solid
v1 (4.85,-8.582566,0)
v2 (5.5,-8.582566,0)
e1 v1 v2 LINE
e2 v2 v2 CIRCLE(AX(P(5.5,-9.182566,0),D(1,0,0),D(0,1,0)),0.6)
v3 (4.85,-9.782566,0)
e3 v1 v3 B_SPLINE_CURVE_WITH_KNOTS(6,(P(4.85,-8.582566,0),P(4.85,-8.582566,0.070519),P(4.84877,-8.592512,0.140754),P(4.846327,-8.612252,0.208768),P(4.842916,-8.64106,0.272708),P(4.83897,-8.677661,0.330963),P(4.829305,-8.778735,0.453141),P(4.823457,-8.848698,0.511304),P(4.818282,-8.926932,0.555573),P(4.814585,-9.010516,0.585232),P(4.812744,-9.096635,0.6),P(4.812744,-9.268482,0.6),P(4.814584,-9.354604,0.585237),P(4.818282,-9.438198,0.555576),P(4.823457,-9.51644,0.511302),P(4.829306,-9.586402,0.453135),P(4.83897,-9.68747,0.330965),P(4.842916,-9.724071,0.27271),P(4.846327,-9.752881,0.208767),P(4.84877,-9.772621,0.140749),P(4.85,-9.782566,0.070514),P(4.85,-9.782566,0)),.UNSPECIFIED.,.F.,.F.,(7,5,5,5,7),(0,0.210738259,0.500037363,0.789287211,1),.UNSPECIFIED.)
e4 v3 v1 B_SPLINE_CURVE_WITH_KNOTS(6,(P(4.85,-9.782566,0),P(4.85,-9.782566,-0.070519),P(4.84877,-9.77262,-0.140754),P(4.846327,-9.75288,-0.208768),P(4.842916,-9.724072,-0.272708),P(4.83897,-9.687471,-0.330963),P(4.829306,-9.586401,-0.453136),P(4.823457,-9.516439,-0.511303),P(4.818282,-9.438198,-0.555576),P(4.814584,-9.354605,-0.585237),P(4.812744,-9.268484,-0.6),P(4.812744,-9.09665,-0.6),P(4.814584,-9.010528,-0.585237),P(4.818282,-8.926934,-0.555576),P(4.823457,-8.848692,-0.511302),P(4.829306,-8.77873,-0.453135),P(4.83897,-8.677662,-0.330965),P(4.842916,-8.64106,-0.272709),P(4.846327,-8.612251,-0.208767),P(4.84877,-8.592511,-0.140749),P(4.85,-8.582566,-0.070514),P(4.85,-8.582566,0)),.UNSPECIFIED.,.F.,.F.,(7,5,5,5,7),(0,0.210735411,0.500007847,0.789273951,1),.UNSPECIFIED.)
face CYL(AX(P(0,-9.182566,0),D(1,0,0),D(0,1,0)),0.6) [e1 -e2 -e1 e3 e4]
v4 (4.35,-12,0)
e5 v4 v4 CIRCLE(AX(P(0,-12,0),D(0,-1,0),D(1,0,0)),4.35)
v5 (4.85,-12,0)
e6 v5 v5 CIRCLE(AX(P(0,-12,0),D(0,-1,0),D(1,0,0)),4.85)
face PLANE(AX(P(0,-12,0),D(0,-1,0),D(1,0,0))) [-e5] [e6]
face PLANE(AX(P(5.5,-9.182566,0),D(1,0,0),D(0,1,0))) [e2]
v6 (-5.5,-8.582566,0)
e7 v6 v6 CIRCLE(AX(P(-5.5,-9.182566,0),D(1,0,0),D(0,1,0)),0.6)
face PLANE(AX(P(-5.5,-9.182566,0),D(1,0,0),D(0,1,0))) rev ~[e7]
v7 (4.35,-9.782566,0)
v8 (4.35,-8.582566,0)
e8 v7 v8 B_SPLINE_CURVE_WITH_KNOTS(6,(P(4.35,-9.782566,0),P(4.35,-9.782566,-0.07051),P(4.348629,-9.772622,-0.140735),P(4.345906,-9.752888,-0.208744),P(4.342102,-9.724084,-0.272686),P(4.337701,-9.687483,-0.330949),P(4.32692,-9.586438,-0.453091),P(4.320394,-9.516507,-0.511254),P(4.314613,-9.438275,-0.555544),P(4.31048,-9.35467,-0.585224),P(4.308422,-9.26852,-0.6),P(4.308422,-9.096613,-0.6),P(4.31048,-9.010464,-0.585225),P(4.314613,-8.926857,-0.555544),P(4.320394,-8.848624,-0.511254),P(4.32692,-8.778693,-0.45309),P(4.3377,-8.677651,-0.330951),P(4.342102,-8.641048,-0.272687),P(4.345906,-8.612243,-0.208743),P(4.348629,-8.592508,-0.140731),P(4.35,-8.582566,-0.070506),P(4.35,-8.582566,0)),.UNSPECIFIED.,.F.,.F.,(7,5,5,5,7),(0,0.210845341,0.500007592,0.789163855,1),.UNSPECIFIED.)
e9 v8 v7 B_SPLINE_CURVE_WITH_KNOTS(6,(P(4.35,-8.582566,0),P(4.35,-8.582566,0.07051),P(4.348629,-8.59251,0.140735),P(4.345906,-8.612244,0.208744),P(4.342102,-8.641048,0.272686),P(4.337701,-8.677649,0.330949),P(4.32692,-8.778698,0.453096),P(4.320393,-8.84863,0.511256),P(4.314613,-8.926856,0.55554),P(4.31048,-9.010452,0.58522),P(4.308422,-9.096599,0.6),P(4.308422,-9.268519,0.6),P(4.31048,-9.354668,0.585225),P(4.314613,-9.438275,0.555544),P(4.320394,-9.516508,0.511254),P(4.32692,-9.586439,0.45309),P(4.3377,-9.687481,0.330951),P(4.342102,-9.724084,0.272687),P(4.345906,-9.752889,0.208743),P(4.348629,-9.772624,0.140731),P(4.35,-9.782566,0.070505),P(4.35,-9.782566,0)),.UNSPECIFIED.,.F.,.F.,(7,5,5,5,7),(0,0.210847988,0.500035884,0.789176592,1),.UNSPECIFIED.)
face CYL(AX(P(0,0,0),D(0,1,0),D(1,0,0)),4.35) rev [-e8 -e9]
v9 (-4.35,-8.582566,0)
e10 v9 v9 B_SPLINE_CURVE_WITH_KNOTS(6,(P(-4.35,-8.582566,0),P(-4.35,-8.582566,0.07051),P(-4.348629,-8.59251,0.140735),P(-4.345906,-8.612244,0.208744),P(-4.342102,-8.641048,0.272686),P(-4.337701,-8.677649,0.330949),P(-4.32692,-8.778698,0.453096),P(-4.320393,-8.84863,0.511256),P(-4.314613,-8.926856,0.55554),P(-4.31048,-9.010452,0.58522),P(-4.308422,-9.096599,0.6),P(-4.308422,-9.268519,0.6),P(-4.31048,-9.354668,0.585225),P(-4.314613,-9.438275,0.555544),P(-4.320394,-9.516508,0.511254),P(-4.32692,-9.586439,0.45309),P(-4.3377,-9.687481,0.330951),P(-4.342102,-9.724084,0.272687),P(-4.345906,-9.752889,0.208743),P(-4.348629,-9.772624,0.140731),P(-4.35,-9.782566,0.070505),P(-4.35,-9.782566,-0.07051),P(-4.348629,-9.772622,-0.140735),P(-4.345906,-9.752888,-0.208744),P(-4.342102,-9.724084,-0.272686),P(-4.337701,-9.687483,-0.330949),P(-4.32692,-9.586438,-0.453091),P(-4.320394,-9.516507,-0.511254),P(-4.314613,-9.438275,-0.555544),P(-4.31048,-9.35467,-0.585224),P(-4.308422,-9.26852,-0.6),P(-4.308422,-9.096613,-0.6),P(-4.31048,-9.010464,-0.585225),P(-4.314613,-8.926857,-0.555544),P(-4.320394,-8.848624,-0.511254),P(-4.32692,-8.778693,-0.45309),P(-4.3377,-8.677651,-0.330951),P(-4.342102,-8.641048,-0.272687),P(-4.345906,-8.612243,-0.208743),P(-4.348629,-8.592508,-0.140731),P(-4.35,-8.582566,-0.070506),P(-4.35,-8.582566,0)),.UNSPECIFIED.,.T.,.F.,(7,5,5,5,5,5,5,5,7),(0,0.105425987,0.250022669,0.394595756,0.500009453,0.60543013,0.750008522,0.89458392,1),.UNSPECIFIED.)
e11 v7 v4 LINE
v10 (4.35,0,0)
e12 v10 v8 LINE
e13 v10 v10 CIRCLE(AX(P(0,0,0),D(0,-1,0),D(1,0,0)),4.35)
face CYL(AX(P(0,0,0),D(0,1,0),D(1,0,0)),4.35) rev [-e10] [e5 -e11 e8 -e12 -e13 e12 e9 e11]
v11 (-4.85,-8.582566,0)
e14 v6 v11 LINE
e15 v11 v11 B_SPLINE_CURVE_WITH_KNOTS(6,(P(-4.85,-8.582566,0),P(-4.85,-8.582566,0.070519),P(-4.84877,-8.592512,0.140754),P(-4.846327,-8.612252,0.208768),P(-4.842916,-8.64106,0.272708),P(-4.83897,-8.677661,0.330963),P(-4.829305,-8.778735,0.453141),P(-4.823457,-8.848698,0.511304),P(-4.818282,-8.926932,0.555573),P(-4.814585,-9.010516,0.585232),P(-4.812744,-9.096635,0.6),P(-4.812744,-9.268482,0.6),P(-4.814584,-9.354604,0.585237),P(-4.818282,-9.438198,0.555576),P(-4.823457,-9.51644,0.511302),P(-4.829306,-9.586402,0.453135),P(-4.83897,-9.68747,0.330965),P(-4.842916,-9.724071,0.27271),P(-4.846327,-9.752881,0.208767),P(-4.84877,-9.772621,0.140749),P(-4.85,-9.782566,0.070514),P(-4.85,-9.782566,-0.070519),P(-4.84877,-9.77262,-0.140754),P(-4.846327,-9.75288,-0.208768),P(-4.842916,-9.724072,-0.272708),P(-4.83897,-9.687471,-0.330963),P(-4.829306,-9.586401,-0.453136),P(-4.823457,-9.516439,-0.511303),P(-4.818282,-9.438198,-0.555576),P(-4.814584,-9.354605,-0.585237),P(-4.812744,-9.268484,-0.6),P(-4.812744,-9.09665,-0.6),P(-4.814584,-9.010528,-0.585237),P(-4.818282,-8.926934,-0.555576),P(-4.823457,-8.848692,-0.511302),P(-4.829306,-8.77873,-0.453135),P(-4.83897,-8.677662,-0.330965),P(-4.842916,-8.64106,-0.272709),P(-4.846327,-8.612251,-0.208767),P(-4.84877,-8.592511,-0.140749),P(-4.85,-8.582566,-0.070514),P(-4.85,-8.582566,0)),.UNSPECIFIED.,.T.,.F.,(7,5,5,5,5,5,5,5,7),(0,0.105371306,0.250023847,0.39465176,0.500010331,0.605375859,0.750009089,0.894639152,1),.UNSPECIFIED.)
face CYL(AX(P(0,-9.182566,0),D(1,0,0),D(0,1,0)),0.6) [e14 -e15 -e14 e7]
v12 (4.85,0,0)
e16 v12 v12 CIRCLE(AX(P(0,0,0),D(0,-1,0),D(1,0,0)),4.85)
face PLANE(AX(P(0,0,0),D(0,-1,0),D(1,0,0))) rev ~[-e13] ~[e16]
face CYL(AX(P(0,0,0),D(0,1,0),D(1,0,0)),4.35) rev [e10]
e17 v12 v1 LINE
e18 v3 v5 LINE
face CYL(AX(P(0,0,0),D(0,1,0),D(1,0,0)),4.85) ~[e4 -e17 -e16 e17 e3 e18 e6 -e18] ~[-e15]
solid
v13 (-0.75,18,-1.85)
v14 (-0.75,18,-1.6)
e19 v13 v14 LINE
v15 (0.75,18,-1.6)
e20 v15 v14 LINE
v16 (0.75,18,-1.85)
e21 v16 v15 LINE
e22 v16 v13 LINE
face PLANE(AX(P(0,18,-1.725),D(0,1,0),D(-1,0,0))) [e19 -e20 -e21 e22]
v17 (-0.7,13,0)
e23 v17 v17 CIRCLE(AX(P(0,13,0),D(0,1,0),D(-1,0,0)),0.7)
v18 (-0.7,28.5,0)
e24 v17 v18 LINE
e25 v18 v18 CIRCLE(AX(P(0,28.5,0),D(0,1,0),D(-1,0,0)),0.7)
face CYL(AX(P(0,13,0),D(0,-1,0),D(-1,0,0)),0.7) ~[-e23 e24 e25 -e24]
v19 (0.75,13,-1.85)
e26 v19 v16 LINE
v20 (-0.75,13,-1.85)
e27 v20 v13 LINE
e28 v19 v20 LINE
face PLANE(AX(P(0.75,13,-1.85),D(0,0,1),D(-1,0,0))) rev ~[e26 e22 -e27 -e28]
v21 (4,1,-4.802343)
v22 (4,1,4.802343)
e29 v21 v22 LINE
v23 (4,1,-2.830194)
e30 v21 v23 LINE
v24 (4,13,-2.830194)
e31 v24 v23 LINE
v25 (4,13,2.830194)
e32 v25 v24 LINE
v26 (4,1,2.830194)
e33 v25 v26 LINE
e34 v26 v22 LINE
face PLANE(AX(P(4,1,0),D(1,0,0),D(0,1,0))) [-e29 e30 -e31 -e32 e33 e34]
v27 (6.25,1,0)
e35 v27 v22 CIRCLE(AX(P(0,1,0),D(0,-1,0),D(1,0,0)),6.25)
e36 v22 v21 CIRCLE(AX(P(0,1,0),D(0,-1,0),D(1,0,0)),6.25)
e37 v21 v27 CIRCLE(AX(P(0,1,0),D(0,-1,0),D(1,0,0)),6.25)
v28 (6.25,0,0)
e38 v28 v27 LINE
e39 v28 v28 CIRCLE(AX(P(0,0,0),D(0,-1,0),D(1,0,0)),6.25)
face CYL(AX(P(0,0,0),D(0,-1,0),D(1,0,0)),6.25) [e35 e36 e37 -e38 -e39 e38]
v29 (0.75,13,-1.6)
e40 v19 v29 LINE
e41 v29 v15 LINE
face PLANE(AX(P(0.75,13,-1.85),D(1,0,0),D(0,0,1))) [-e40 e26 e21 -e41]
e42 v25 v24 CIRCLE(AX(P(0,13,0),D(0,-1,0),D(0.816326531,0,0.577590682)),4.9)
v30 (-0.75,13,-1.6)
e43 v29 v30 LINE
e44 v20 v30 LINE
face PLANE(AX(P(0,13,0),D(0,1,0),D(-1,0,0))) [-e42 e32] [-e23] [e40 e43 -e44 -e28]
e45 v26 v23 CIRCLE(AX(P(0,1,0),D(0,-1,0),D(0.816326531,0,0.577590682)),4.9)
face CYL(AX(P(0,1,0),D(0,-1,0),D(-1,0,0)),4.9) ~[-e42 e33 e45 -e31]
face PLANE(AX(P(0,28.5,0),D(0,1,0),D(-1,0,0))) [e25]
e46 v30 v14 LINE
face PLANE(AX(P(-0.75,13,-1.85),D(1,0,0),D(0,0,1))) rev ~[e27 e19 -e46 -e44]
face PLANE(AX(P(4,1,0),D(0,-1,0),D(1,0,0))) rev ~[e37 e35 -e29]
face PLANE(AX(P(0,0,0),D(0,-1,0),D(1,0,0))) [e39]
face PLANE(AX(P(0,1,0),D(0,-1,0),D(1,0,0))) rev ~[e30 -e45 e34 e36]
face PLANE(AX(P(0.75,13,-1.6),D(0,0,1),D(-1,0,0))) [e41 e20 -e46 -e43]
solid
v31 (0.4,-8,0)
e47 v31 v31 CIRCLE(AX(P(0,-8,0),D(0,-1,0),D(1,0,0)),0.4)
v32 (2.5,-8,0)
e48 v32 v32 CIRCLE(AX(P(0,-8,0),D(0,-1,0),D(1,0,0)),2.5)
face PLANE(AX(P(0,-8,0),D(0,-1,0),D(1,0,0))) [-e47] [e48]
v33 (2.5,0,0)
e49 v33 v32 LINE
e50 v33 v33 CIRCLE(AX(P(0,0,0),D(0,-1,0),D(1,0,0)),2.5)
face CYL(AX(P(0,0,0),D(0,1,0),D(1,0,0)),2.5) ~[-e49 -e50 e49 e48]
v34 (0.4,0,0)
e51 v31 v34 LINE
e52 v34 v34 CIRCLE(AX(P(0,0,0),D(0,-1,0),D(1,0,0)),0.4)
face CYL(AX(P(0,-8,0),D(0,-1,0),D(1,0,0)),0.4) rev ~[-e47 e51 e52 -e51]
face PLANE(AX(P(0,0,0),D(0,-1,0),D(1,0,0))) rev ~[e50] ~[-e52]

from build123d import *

# Parameters (mm, degrees)
F0_R      = 4.85
F0_R_2    = 4.35
F1_DEPTH  = 12
F2_R      = 0.6
F3_DEPTH  = 5.5
F4_R      = 4.35
F5_DEPTH  = 25
F6_R      = 2.5
F7_DEPTH  = 8
F8_R      = 0.4
F9_DEPTH  = 25
F10_R     = 6.25
F11_DEPTH = 1
F12_R     = 4.9
F13_DEPTH = 12
F14_R     = 0.7
F15_DEPTH = 15.5
F16_W     = 1.5
F16_H     = 0.25
F17_DEPTH = 5
F18_W     = 3.95316
F18_H     = 14.420373
F19_DEPTH = 12.5


with BuildPart() as f1:
    # F0 (on Front) → F1 (new body)
    with BuildSketch(Plane.XZ):
        Circle(F0_R)
        Circle(F0_R_2, mode=Mode.SUBTRACT)
    extrude(amount=F1_DEPTH)

    # F2 (on Right) → F3 (join, symmetric)
    with BuildSketch(Plane.YZ):
        with Locations((-9.182566, 0)):
            Circle(F2_R)
    extrude(amount=F3_DEPTH, both=True)

    # F4 (on Front) → F5 (cut)
    with BuildSketch(Plane.XZ):
        Circle(F4_R)
    extrude(amount=F5_DEPTH, mode=Mode.SUBTRACT)


with BuildPart() as f7:
    # F6 (on Front) → F7 (new body)
    with BuildSketch(Plane.XZ):
        Circle(F6_R)
    extrude(amount=F7_DEPTH)

    # F8 (on face) → F9 (cut)
    with BuildSketch(Plane.XZ.offset(8)):
        Circle(F8_R)
    extrude(amount=-F9_DEPTH, mode=Mode.SUBTRACT)


with BuildPart() as f11:
    # F10 (on Front) → F11 (new body)
    with BuildSketch(Plane.XZ):
        Circle(F10_R)
    extrude(amount=-F11_DEPTH)

    # F12 (on face) → F13 (join)
    with BuildSketch(Plane(origin=(0, 1, 0), x_dir=(-1, 0, 0), z_dir=(0, 1, 0))):
        Circle(F12_R)
    extrude(amount=F13_DEPTH)

    # F14 (on face) → F15 (join)
    with BuildSketch(Plane(origin=(0, 13, 0), x_dir=(-1, 0, 0), z_dir=(0, 1, 0))):
        Circle(F14_R)
    extrude(amount=F15_DEPTH)

    # F16 (on face) → F17 (join)
    with BuildSketch(Plane(origin=(0, 13, 0), x_dir=(-1, 0, 0), z_dir=(0, 1, 0))):
        with Locations((0, -1.725)):
            Rectangle(F16_W, F16_H)
    extrude(amount=F17_DEPTH)

    # F18 (on Top) → F19 (cut, symmetric)
    with BuildSketch(Plane.XY):
        with Locations((5.97658, 8.210186)):
            Rectangle(F18_W, F18_H)
    extrude(amount=F19_DEPTH, both=True, mode=Mode.SUBTRACT)


solid = Compound([f1.part, f7.part, f11.part])
